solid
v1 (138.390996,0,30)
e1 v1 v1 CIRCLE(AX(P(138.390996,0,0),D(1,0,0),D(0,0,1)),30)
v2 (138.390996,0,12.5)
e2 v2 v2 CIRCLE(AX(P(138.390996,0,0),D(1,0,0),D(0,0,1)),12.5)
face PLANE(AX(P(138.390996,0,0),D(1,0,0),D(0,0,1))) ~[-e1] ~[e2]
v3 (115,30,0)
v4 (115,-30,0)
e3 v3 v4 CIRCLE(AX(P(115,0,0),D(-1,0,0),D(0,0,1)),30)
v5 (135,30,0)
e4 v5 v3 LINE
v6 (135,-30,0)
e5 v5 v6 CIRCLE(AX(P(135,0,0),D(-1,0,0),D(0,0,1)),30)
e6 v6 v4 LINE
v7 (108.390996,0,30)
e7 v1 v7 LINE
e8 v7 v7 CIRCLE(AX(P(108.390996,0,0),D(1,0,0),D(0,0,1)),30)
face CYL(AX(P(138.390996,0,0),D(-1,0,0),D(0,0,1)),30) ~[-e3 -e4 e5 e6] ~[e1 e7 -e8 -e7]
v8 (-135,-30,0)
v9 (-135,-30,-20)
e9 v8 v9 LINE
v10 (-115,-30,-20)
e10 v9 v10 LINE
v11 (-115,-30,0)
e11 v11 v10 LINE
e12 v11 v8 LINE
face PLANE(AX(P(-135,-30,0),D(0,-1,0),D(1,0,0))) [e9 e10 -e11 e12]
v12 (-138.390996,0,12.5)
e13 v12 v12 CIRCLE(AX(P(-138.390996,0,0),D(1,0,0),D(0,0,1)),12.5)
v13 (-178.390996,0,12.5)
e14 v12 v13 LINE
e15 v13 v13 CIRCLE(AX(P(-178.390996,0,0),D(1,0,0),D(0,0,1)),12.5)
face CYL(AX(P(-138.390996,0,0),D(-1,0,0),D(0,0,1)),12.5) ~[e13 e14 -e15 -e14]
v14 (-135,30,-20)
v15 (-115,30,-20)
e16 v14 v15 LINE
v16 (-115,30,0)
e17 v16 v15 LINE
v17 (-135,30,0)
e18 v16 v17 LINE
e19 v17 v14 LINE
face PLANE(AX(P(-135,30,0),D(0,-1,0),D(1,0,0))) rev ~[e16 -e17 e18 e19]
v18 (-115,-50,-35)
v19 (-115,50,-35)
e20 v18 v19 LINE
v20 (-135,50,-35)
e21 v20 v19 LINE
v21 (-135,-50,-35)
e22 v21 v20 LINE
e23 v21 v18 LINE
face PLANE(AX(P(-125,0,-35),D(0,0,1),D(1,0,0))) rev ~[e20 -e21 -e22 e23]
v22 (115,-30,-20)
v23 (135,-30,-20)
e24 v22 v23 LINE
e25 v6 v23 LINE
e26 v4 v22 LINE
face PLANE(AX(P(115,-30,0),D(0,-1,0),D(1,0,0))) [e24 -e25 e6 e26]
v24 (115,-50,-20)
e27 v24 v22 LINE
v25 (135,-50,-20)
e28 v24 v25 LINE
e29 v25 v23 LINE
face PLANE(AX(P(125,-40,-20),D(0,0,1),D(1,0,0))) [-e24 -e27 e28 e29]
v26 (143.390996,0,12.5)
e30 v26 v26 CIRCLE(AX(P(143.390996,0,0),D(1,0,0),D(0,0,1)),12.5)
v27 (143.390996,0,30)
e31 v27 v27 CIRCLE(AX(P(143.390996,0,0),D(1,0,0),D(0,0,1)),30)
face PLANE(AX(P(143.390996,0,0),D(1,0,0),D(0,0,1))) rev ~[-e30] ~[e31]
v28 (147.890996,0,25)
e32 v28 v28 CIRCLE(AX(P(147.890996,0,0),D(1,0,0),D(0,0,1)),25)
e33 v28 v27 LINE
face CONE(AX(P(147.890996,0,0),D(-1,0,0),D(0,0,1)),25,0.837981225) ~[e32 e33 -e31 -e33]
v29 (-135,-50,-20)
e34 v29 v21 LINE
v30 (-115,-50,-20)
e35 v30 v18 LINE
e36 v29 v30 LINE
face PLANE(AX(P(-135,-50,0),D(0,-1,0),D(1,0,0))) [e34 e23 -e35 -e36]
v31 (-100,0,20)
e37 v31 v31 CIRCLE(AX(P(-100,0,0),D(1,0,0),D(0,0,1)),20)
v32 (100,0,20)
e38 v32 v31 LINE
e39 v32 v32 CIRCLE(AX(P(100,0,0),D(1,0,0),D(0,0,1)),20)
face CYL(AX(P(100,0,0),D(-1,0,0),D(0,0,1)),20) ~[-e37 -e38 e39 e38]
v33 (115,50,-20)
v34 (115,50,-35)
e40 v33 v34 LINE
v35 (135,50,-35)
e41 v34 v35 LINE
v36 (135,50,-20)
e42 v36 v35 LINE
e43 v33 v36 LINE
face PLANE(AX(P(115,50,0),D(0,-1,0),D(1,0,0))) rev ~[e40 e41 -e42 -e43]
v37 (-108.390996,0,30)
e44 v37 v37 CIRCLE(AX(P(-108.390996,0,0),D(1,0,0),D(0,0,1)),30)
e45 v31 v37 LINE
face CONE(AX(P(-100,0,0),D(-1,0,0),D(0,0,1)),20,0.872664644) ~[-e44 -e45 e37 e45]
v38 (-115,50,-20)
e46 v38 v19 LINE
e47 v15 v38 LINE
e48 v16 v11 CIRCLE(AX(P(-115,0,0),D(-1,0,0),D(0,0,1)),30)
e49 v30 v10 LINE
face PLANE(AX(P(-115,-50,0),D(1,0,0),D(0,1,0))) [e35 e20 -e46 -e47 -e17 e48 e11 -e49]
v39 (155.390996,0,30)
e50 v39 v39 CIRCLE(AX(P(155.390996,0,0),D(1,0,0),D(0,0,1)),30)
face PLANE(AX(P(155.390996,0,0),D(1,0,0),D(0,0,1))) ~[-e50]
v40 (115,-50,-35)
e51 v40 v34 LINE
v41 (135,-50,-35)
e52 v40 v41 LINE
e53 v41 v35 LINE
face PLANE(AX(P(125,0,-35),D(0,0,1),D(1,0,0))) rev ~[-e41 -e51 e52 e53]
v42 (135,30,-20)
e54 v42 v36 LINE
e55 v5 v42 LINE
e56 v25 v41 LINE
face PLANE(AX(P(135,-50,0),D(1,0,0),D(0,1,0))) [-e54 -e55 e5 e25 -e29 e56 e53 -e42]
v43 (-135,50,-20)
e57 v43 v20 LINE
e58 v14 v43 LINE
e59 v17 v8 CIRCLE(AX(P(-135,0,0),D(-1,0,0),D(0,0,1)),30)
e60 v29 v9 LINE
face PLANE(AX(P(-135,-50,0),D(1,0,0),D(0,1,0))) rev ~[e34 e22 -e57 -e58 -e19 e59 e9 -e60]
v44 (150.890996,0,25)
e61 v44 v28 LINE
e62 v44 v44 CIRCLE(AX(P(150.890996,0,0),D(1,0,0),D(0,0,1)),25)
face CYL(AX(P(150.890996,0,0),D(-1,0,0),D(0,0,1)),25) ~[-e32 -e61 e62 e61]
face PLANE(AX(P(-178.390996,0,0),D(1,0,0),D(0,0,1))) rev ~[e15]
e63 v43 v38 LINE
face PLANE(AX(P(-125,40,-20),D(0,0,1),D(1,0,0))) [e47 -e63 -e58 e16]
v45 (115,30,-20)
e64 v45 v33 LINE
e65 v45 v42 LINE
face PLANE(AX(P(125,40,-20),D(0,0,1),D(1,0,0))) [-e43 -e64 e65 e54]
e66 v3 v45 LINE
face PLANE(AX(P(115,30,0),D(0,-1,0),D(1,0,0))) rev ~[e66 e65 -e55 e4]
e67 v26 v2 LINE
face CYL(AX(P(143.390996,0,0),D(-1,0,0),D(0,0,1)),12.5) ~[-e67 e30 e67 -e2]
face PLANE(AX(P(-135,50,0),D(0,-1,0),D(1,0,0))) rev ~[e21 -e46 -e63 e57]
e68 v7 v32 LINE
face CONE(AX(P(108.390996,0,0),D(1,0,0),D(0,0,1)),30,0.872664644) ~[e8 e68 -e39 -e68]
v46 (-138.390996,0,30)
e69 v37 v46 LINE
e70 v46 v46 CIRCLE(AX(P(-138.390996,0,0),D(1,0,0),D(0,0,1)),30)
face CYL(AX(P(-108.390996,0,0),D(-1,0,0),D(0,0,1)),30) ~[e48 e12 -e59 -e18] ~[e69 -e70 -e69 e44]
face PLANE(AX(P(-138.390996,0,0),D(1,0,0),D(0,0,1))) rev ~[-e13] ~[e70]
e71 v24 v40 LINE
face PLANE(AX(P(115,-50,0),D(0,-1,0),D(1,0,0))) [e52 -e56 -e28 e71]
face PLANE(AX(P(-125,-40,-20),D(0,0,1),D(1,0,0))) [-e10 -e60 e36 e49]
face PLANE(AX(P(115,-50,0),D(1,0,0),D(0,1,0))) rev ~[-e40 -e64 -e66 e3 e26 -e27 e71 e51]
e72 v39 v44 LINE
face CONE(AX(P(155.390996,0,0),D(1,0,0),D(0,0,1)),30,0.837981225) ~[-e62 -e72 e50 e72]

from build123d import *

# Parameters (mm, degrees)
F2_W     = 20
F2_H     = 100
F3_DEPTH = 35
F4_W     = 20
F4_H     = 20
F5_DEPTH = 20


with BuildPart() as f1:
    # F0 (on Front) → F1 (revolve)
    with BuildSketch(Plane.XZ):
        Polygon((-108.390996, 30), (-138.390996, 30), (-138.390996, 12.5), (-178.390996, 12.5), (-178.390996, 0), (155.390996, 0), (155.390996, 30), (150.890996, 25), (147.890996, 25), (143.390996, 30), (143.390996, 12.5), (138.390996, 12.5), (138.390996, 30), (108.390996, 30), (100, 20), (-100, 20), align=None)
    revolve(axis=Axis((-3.867105, 0, 0), (1, 0, 0)))

    # F2 (on Top) → F3 (join)
    with BuildSketch(Plane.XY):
        with Locations((-125, 0)):
            Rectangle(F2_W, F2_H)
        with Locations((125, 0)):
            Rectangle(F2_W, F2_H)
    extrude(amount=-F3_DEPTH)

    # F4 (on face) → F5 (cut)
    with BuildSketch(Plane.XY):
        with Locations((-125, 40)):
            Rectangle(F4_W, F4_H)
        with Locations((-125, -40)):
            Rectangle(F4_W, F4_H)
        with Locations((125, -40)):
            Rectangle(F4_W, F4_H)
        with Locations((125, 40)):
            Rectangle(F4_W, F4_H)
    extrude(amount=-F5_DEPTH, mode=Mode.SUBTRACT)


solid = f1.part
